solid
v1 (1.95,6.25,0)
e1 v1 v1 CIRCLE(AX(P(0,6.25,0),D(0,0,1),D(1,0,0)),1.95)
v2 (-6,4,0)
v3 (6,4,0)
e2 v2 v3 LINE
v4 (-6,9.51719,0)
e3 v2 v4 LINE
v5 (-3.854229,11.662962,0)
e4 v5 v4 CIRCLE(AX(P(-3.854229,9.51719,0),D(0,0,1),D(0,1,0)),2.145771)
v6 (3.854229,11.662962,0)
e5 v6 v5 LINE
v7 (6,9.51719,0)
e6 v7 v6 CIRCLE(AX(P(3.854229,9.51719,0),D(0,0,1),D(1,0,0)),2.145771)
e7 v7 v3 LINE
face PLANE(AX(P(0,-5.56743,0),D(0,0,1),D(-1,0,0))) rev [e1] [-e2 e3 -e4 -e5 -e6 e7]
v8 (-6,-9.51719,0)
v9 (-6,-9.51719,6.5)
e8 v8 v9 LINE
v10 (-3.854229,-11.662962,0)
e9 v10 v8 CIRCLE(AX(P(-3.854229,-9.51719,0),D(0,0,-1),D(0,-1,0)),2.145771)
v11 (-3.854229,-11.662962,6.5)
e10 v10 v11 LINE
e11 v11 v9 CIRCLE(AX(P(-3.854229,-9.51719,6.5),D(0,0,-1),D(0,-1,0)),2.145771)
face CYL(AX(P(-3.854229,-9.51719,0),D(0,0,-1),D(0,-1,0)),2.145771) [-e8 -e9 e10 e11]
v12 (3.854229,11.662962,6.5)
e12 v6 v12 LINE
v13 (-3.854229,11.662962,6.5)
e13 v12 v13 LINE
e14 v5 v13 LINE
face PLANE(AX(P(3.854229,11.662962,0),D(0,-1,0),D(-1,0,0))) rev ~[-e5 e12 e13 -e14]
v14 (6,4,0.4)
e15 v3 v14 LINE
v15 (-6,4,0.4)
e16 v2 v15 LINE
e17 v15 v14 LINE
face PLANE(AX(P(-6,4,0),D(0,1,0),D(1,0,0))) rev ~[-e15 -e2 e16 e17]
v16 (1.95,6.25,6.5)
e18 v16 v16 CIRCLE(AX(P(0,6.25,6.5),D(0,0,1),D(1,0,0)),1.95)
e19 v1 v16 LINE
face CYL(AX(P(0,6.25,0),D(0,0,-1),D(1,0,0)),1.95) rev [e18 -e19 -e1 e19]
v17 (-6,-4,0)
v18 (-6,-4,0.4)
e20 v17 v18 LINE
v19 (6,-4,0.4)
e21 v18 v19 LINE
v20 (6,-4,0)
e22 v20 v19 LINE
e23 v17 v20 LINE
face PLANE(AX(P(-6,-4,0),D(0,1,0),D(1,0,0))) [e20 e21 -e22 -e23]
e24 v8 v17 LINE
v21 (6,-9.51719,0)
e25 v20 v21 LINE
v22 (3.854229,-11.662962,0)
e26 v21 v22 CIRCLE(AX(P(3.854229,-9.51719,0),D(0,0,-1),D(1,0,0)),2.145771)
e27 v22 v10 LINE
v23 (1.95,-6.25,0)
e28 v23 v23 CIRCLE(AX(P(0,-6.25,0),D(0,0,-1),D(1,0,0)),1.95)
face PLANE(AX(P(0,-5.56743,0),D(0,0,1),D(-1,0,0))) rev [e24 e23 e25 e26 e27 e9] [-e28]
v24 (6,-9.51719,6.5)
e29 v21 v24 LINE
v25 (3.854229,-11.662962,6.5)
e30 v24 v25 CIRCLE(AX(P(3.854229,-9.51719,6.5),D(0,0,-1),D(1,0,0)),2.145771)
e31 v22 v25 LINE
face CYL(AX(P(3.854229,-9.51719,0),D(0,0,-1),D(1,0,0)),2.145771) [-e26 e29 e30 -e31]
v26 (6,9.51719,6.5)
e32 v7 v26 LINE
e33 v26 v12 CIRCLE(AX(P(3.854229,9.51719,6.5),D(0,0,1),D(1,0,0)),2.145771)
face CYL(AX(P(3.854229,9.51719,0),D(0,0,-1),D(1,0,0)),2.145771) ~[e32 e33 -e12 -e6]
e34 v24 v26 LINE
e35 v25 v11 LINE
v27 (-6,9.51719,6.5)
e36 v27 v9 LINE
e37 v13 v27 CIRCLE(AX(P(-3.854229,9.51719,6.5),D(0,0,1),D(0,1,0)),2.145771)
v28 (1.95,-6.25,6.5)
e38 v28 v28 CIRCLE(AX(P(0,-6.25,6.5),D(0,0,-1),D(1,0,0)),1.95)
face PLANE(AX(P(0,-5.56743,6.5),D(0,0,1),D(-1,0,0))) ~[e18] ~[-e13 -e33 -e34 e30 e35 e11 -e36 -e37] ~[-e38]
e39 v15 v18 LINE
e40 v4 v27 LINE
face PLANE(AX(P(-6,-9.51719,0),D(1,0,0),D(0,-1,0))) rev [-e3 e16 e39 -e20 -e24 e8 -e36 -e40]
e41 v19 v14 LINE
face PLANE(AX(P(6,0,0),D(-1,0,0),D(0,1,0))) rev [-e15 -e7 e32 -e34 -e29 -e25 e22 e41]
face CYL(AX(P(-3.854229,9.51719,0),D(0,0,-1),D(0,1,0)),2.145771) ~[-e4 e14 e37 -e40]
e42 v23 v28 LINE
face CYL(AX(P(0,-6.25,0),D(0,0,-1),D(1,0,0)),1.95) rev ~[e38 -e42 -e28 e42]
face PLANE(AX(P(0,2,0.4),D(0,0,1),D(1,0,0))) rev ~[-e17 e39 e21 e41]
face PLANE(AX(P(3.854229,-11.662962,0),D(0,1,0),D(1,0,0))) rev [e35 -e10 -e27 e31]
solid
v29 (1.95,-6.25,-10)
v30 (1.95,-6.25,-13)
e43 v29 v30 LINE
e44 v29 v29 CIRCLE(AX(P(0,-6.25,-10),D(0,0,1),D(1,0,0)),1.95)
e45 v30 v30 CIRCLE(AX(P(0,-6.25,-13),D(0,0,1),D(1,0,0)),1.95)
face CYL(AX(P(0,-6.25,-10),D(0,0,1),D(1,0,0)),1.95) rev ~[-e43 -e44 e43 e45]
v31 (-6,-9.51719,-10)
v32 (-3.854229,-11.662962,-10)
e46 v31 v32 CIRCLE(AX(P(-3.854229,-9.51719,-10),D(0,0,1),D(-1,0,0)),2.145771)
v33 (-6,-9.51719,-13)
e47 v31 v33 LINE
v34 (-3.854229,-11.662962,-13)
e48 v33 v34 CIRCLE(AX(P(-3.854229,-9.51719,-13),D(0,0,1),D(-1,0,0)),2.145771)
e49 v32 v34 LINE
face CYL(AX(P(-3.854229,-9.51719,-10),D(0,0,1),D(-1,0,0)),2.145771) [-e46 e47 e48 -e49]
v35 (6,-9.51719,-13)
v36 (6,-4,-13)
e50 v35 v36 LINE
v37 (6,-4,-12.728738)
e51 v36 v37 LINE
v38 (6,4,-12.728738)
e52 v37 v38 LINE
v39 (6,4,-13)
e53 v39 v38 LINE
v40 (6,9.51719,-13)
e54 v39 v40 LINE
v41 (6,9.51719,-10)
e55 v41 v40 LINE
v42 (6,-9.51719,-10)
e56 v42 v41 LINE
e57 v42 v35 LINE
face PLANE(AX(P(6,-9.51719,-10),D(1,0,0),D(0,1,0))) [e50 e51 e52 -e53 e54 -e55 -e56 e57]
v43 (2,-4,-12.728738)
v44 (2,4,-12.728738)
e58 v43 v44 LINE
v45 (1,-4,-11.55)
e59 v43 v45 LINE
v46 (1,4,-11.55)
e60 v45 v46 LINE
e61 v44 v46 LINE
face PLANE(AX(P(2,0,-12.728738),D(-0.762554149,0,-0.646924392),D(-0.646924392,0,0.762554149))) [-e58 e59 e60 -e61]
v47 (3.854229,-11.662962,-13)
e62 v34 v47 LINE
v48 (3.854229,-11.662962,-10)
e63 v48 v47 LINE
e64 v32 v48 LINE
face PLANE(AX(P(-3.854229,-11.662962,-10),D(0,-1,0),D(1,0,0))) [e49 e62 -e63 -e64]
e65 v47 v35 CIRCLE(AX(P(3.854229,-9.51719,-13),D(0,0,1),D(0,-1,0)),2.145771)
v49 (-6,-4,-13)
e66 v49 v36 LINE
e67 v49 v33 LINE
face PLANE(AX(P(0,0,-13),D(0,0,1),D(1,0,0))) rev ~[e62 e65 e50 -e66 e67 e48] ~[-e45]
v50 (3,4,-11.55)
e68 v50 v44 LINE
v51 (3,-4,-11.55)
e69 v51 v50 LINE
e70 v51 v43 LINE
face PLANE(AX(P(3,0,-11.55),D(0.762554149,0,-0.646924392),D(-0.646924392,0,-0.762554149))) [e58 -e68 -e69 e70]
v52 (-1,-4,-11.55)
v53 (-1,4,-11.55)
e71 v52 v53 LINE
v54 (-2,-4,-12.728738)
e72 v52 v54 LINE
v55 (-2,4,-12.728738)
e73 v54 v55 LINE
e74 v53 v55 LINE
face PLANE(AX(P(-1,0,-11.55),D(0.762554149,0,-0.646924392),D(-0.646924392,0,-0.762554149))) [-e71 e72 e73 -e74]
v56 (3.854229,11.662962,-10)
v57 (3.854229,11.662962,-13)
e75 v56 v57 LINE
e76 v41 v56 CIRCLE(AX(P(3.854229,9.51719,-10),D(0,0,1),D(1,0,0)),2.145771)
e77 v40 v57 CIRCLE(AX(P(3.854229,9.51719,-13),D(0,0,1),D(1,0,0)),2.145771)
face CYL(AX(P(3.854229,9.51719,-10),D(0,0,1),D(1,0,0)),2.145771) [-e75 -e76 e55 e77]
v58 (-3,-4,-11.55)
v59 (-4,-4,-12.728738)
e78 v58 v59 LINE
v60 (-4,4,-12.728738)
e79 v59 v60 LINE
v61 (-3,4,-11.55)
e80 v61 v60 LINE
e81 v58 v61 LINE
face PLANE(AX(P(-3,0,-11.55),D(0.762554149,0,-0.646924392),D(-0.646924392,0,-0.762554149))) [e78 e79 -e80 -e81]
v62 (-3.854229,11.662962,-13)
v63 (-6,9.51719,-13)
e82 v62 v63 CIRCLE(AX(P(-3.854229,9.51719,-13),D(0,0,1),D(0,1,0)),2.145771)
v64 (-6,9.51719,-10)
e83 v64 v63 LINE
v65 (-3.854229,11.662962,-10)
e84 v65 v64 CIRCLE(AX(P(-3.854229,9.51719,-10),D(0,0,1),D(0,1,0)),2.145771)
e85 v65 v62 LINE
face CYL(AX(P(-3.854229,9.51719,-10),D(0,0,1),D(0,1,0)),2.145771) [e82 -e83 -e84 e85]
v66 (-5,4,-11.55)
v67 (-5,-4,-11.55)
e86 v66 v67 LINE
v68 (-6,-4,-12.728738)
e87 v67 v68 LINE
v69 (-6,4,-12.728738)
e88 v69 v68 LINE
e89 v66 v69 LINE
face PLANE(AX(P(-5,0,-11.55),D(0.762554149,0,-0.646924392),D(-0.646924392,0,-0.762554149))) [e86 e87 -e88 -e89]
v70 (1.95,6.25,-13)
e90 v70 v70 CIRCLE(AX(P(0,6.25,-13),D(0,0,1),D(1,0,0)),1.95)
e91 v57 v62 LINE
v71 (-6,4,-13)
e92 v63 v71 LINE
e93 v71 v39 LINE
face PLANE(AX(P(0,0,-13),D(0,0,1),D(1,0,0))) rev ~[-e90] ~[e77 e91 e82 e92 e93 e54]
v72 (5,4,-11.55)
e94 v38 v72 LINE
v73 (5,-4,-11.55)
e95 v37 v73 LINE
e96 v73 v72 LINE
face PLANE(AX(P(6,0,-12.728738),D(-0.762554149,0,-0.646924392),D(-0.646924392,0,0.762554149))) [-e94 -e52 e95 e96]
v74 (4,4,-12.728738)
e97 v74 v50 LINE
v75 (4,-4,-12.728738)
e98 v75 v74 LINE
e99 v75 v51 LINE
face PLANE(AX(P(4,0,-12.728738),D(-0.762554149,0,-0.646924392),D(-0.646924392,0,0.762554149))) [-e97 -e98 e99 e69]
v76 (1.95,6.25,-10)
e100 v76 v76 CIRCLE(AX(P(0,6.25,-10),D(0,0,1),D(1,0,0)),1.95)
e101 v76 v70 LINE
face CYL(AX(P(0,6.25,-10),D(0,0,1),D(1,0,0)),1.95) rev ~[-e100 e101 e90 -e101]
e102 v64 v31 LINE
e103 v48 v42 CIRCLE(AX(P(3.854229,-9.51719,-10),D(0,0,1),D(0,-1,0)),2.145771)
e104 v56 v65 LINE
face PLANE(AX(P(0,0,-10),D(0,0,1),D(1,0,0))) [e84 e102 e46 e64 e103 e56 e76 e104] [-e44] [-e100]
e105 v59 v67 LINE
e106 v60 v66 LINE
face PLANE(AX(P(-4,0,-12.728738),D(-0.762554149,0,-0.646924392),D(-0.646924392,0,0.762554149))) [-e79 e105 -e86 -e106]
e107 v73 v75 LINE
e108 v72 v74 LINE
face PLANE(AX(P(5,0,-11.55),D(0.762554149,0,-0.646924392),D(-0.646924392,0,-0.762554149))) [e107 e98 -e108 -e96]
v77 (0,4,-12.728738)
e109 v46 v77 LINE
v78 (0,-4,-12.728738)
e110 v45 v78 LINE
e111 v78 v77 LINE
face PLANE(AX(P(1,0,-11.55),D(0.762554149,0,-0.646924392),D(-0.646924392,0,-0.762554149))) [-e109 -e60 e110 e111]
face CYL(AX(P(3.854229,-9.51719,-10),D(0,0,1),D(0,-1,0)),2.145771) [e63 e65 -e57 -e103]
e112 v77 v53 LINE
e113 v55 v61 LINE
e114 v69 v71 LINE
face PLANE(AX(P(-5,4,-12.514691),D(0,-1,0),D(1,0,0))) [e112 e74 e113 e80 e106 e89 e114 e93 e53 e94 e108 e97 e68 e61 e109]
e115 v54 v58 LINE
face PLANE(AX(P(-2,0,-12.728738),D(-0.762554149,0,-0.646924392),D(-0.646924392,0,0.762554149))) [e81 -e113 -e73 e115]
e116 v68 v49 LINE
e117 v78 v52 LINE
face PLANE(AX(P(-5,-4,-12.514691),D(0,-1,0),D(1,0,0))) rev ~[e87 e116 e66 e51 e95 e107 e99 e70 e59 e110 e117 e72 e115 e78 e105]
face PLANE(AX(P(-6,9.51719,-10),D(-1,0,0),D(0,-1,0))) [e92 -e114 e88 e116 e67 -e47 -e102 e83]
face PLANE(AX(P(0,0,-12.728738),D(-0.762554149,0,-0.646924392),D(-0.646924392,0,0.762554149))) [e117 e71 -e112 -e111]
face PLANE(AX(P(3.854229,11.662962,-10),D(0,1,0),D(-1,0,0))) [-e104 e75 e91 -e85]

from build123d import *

# Parameters (mm, degrees)
F0_R          = 1.95
F1_DEPTH      = 6.5
F4_R          = 1.95
F5_DEPTH      = 3
F7_DEPTH      = 4
F7_DEPTH_BACK = 4
F8_W          = 12
F8_H          = 4
F9_DEPTH      = 0.4


with BuildPart() as f1:
    # F0 (on Top) → F1 (new body)
    with BuildSketch(Plane.XY):
        with BuildLine():
            Line((3.854228543, 11.6629619151), (-3.854228543, 11.6629619151))
            ThreePointArc((-3.854228543, 11.6629619151), (-5.3715180911, 11.0344800063), (-6, 9.5171904582))
            Line((-6, 9.5171904582), (-6, 0))
            Line((-6, 0), (6, 0))
            Line((6, 0), (6, 9.5171904582))
            ThreePointArc((6, 9.5171904582), (5.3715180911, 11.0344800063), (3.854228543, 11.6629619151))
        make_face()
        with Locations((0, 6.25)):
            Circle(F0_R, mode=Mode.SUBTRACT)
    extrude(amount=F1_DEPTH)

    # F2: F1 across plane


with BuildPart() as f1_1:
    add(f1.part)
    add(f1.part.mirror(Plane.XZ))

    # F8 (on Top) → F9 (cut)
    with BuildSketch(Plane.XY):
        with Locations((0, 2)):
            Rectangle(F8_W, F8_H)
        with Locations((0, -2)):
            Rectangle(F8_W, F8_H)
    extrude(amount=F9_DEPTH, mode=Mode.SUBTRACT)


with BuildPart() as f5:
    # F4 (on offset) → F5 (new body)
    with BuildSketch(Plane.XY.offset(-10)):
        with BuildLine():
            ThreePointArc((-3.854228543, 11.6629619151), (-5.3715180911, 11.0344800063), (-6, 9.5171904582))
            Line((-6, 9.5171904582), (-6, -9.5171904582))
            ThreePointArc((-6, -9.5171904582), (-5.3715180911, -11.0344800063), (-3.854228543, -11.6629619151))
            Line((-3.854228543, -11.6629619151), (3.854228543, -11.6629619151))
            ThreePointArc((3.854228543, -11.6629619151), (5.3715180911, -11.0344800063), (6, -9.5171904582))
            Line((6, -9.5171904582), (6, 9.5171904582))
            ThreePointArc((6, 9.5171904582), (5.3715180911, 11.0344800063), (3.854228543, 11.6629619151))
            Line((3.854228543, 11.6629619151), (-3.854228543, 11.6629619151))
        make_face()
        with Locations((0, -6.25)):
            Circle(F4_R, mode=Mode.SUBTRACT)
        with Locations((0, 6.25)):
            Circle(F4_R, mode=Mode.SUBTRACT)
    extrude(amount=-F5_DEPTH)

    # F6 (on Front) → F7 (cut, two sides)
    with BuildSketch(Plane.XZ) as f7_sk:
        Polygon((-6, -12.7287376672), (-6, -13), (-4, -13), (-4, -12.7287376672), (-5, -11.55), align=None)
        Polygon((-4, -12.7287376672), (-4, -13), (-2, -13), (-2, -12.7287376672), (-3, -11.55), align=None)
        Polygon((-2, -12.7287376672), (-2, -13), (0, -13), (0, -12.7287376672), (-1, -11.55), align=None)
        Polygon((0, -12.7287376672), (0, -13), (2, -13), (2, -12.7287376672), (1, -11.55), align=None)
        Polygon((2, -12.7287376672), (2, -13), (4, -13), (4, -12.7287376672), (3, -11.55), align=None)
        Polygon((4, -12.7287376672), (4, -13), (6, -13), (6, -12.7287376672), (5, -11.55), align=None)
    extrude(amount=-F7_DEPTH, mode=Mode.SUBTRACT)
    extrude(f7_sk.sketch, amount=F7_DEPTH_BACK, mode=Mode.SUBTRACT)


solid = Compound([f1_1.part, f5.part])
